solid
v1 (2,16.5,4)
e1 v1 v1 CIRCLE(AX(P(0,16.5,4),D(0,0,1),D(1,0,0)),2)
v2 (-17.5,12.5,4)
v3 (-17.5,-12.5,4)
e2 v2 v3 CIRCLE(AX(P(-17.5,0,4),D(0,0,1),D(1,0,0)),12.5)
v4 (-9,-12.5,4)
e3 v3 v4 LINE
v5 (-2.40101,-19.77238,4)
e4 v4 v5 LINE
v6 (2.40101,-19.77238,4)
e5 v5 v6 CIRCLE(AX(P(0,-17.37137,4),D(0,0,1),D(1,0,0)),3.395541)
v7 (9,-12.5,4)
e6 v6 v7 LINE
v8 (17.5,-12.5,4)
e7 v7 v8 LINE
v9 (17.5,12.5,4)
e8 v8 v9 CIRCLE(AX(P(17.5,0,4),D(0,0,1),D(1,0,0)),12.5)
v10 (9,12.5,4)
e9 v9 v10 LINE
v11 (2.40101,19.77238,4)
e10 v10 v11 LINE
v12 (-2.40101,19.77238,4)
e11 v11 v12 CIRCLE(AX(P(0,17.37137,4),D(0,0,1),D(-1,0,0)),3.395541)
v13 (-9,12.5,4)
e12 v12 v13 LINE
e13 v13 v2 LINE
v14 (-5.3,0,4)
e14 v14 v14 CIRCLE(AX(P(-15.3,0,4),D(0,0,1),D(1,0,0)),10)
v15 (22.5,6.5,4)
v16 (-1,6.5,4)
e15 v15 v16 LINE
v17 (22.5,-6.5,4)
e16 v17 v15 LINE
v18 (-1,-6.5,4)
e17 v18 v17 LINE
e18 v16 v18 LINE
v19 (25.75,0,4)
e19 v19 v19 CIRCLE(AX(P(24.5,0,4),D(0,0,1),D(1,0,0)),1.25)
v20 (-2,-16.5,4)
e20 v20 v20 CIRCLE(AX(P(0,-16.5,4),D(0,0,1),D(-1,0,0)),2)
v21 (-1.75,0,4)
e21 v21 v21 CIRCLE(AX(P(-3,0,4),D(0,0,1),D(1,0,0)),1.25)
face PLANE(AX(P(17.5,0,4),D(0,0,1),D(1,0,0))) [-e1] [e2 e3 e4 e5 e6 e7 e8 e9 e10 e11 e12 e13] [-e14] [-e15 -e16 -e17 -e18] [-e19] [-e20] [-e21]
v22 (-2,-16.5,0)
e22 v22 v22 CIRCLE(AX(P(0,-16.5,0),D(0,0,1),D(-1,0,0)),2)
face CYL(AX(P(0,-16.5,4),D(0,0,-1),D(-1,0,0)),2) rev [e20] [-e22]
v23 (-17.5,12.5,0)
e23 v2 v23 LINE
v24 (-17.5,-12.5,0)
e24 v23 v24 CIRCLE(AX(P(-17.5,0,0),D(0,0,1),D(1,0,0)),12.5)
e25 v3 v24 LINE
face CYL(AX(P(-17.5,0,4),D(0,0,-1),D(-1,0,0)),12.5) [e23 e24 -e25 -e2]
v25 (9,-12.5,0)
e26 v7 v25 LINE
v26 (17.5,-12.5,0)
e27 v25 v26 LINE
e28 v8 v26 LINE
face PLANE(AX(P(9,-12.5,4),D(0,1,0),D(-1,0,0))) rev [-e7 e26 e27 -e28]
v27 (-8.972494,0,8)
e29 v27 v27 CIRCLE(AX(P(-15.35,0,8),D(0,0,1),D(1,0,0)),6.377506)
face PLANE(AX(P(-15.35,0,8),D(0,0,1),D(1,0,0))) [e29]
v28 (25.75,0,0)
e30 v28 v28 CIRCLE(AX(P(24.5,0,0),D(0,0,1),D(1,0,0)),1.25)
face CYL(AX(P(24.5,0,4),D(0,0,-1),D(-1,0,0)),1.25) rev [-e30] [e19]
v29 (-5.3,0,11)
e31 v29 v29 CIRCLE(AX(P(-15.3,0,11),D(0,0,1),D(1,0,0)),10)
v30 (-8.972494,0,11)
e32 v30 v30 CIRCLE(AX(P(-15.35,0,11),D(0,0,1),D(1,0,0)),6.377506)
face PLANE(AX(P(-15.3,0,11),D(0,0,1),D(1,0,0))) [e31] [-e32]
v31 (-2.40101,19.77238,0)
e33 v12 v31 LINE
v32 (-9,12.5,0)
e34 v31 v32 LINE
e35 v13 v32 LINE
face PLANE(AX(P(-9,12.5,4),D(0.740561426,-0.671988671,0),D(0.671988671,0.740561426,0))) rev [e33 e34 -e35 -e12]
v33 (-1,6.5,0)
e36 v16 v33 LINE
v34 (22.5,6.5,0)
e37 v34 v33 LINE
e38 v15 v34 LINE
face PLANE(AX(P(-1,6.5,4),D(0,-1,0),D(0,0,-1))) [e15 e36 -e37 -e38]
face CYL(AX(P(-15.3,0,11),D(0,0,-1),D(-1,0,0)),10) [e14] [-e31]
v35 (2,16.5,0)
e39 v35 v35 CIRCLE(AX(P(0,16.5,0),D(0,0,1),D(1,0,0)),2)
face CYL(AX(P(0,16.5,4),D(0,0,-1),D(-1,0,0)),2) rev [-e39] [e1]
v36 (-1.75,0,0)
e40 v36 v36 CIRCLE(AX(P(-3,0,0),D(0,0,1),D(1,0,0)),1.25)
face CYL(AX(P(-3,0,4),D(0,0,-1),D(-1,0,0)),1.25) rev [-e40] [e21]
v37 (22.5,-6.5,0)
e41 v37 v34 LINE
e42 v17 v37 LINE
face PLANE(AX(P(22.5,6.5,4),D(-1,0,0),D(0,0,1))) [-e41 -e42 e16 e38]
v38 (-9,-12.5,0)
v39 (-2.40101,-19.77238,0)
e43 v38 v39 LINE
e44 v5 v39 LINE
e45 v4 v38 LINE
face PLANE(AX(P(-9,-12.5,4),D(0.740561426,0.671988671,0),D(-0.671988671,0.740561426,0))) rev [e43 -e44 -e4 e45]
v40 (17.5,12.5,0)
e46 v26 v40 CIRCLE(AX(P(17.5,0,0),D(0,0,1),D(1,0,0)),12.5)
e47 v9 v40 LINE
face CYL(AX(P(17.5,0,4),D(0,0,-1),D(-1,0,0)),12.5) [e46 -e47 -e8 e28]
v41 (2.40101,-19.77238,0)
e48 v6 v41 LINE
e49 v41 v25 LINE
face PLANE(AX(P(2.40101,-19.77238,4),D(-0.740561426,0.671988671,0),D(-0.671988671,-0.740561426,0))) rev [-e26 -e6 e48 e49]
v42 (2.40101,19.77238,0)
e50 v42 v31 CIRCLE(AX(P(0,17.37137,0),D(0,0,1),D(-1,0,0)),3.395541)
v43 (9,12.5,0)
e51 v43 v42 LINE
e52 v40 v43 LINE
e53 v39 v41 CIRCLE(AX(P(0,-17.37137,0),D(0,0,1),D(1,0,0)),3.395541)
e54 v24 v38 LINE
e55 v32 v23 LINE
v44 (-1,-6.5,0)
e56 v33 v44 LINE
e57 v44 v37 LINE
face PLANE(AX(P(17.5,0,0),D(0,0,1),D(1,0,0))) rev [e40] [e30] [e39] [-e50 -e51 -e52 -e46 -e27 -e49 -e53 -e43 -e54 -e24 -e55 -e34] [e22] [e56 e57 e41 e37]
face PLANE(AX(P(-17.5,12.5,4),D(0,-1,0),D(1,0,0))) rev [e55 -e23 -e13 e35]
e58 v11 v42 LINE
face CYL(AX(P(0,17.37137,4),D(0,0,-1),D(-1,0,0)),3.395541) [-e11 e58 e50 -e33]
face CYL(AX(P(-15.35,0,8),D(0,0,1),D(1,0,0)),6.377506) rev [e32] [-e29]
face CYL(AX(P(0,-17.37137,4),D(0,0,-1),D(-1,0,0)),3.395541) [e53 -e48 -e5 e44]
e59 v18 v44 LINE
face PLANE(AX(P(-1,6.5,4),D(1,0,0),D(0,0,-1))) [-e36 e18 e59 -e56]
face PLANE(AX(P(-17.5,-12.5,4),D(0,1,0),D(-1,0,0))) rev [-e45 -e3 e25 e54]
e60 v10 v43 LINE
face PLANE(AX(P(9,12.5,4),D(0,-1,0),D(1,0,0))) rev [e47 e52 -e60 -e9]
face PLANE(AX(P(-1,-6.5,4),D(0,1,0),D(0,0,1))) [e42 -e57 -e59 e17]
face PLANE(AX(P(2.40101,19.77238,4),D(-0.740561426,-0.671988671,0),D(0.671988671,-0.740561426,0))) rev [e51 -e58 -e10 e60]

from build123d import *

# Parameters (mm, degrees)
SKETCH1_R           = 2
SKETCH1_R_2         = 1.25
SKETCH1_W           = 23.5
SKETCH1_H           = 13
BOSS_EXTRUDE1_DEPTH = 4
SKETCH3_R           = 10
BOSS_EXTRUDE2_DEPTH = 7
SKETCH4_R           = 6.377506195
CUT_EXTRUDE1_DEPTH  = 3


with BuildPart() as part:
    # Sketch1 → Boss-Extrude1 (new body)
    with BuildSketch(Plane.XY):
        with BuildLine():
            Line((-9, 12.5), (-2.401010284, 19.772380391))
            ThreePointArc((-2.401010284, 19.772380391), (0, 20.766911414), (2.401010284, 19.772380391))
            Line((2.401010284, 19.772380391), (9, 12.5))
            Line((9, 12.5), (17.5, 12.5))
            ThreePointArc((17.5, 12.5), (30, 0), (17.5, -12.5))
            Line((17.5, -12.5), (9, -12.5))
            Line((9, -12.5), (2.401010284, -19.772380391))
            ThreePointArc((2.401010284, -19.772380391), (0, -20.766911414), (-2.401010284, -19.772380391))
            Line((-2.401010284, -19.772380391), (-9, -12.5))
            Line((-9, -12.5), (-17.5, -12.5))
            ThreePointArc((-17.5, -12.5), (-30, 0), (-17.5, 12.5))
            Line((-17.5, 12.5), (-9, 12.5))
        make_face()
        with Locations((0, 16.5)):
            Circle(SKETCH1_R, mode=Mode.SUBTRACT)
        with Locations((0, -16.5)):
            Circle(SKETCH1_R, mode=Mode.SUBTRACT)
        with Locations((-3, 0)):
            Circle(SKETCH1_R_2, mode=Mode.SUBTRACT)
        with Locations((24.5, 0)):
            Circle(SKETCH1_R_2, mode=Mode.SUBTRACT)
        with Locations((10.75, 0)):
            Rectangle(SKETCH1_W, SKETCH1_H, mode=Mode.SUBTRACT)
    extrude(amount=BOSS_EXTRUDE1_DEPTH)

    # Sketch3 → Boss-Extrude2 (add)
    with BuildSketch(Plane.XY.offset(4)):
        with Locations((-15.3, 0)):
            Circle(SKETCH3_R)
    extrude(amount=BOSS_EXTRUDE2_DEPTH)

    # Sketch4 → Cut-Extrude1 (cut)
    with BuildSketch(Plane.XY.offset(11)):
        with Locations((-15.35, 0)):
            Circle(SKETCH4_R)
    extrude(amount=-CUT_EXTRUDE1_DEPTH, mode=Mode.SUBTRACT)


solid = part.part
